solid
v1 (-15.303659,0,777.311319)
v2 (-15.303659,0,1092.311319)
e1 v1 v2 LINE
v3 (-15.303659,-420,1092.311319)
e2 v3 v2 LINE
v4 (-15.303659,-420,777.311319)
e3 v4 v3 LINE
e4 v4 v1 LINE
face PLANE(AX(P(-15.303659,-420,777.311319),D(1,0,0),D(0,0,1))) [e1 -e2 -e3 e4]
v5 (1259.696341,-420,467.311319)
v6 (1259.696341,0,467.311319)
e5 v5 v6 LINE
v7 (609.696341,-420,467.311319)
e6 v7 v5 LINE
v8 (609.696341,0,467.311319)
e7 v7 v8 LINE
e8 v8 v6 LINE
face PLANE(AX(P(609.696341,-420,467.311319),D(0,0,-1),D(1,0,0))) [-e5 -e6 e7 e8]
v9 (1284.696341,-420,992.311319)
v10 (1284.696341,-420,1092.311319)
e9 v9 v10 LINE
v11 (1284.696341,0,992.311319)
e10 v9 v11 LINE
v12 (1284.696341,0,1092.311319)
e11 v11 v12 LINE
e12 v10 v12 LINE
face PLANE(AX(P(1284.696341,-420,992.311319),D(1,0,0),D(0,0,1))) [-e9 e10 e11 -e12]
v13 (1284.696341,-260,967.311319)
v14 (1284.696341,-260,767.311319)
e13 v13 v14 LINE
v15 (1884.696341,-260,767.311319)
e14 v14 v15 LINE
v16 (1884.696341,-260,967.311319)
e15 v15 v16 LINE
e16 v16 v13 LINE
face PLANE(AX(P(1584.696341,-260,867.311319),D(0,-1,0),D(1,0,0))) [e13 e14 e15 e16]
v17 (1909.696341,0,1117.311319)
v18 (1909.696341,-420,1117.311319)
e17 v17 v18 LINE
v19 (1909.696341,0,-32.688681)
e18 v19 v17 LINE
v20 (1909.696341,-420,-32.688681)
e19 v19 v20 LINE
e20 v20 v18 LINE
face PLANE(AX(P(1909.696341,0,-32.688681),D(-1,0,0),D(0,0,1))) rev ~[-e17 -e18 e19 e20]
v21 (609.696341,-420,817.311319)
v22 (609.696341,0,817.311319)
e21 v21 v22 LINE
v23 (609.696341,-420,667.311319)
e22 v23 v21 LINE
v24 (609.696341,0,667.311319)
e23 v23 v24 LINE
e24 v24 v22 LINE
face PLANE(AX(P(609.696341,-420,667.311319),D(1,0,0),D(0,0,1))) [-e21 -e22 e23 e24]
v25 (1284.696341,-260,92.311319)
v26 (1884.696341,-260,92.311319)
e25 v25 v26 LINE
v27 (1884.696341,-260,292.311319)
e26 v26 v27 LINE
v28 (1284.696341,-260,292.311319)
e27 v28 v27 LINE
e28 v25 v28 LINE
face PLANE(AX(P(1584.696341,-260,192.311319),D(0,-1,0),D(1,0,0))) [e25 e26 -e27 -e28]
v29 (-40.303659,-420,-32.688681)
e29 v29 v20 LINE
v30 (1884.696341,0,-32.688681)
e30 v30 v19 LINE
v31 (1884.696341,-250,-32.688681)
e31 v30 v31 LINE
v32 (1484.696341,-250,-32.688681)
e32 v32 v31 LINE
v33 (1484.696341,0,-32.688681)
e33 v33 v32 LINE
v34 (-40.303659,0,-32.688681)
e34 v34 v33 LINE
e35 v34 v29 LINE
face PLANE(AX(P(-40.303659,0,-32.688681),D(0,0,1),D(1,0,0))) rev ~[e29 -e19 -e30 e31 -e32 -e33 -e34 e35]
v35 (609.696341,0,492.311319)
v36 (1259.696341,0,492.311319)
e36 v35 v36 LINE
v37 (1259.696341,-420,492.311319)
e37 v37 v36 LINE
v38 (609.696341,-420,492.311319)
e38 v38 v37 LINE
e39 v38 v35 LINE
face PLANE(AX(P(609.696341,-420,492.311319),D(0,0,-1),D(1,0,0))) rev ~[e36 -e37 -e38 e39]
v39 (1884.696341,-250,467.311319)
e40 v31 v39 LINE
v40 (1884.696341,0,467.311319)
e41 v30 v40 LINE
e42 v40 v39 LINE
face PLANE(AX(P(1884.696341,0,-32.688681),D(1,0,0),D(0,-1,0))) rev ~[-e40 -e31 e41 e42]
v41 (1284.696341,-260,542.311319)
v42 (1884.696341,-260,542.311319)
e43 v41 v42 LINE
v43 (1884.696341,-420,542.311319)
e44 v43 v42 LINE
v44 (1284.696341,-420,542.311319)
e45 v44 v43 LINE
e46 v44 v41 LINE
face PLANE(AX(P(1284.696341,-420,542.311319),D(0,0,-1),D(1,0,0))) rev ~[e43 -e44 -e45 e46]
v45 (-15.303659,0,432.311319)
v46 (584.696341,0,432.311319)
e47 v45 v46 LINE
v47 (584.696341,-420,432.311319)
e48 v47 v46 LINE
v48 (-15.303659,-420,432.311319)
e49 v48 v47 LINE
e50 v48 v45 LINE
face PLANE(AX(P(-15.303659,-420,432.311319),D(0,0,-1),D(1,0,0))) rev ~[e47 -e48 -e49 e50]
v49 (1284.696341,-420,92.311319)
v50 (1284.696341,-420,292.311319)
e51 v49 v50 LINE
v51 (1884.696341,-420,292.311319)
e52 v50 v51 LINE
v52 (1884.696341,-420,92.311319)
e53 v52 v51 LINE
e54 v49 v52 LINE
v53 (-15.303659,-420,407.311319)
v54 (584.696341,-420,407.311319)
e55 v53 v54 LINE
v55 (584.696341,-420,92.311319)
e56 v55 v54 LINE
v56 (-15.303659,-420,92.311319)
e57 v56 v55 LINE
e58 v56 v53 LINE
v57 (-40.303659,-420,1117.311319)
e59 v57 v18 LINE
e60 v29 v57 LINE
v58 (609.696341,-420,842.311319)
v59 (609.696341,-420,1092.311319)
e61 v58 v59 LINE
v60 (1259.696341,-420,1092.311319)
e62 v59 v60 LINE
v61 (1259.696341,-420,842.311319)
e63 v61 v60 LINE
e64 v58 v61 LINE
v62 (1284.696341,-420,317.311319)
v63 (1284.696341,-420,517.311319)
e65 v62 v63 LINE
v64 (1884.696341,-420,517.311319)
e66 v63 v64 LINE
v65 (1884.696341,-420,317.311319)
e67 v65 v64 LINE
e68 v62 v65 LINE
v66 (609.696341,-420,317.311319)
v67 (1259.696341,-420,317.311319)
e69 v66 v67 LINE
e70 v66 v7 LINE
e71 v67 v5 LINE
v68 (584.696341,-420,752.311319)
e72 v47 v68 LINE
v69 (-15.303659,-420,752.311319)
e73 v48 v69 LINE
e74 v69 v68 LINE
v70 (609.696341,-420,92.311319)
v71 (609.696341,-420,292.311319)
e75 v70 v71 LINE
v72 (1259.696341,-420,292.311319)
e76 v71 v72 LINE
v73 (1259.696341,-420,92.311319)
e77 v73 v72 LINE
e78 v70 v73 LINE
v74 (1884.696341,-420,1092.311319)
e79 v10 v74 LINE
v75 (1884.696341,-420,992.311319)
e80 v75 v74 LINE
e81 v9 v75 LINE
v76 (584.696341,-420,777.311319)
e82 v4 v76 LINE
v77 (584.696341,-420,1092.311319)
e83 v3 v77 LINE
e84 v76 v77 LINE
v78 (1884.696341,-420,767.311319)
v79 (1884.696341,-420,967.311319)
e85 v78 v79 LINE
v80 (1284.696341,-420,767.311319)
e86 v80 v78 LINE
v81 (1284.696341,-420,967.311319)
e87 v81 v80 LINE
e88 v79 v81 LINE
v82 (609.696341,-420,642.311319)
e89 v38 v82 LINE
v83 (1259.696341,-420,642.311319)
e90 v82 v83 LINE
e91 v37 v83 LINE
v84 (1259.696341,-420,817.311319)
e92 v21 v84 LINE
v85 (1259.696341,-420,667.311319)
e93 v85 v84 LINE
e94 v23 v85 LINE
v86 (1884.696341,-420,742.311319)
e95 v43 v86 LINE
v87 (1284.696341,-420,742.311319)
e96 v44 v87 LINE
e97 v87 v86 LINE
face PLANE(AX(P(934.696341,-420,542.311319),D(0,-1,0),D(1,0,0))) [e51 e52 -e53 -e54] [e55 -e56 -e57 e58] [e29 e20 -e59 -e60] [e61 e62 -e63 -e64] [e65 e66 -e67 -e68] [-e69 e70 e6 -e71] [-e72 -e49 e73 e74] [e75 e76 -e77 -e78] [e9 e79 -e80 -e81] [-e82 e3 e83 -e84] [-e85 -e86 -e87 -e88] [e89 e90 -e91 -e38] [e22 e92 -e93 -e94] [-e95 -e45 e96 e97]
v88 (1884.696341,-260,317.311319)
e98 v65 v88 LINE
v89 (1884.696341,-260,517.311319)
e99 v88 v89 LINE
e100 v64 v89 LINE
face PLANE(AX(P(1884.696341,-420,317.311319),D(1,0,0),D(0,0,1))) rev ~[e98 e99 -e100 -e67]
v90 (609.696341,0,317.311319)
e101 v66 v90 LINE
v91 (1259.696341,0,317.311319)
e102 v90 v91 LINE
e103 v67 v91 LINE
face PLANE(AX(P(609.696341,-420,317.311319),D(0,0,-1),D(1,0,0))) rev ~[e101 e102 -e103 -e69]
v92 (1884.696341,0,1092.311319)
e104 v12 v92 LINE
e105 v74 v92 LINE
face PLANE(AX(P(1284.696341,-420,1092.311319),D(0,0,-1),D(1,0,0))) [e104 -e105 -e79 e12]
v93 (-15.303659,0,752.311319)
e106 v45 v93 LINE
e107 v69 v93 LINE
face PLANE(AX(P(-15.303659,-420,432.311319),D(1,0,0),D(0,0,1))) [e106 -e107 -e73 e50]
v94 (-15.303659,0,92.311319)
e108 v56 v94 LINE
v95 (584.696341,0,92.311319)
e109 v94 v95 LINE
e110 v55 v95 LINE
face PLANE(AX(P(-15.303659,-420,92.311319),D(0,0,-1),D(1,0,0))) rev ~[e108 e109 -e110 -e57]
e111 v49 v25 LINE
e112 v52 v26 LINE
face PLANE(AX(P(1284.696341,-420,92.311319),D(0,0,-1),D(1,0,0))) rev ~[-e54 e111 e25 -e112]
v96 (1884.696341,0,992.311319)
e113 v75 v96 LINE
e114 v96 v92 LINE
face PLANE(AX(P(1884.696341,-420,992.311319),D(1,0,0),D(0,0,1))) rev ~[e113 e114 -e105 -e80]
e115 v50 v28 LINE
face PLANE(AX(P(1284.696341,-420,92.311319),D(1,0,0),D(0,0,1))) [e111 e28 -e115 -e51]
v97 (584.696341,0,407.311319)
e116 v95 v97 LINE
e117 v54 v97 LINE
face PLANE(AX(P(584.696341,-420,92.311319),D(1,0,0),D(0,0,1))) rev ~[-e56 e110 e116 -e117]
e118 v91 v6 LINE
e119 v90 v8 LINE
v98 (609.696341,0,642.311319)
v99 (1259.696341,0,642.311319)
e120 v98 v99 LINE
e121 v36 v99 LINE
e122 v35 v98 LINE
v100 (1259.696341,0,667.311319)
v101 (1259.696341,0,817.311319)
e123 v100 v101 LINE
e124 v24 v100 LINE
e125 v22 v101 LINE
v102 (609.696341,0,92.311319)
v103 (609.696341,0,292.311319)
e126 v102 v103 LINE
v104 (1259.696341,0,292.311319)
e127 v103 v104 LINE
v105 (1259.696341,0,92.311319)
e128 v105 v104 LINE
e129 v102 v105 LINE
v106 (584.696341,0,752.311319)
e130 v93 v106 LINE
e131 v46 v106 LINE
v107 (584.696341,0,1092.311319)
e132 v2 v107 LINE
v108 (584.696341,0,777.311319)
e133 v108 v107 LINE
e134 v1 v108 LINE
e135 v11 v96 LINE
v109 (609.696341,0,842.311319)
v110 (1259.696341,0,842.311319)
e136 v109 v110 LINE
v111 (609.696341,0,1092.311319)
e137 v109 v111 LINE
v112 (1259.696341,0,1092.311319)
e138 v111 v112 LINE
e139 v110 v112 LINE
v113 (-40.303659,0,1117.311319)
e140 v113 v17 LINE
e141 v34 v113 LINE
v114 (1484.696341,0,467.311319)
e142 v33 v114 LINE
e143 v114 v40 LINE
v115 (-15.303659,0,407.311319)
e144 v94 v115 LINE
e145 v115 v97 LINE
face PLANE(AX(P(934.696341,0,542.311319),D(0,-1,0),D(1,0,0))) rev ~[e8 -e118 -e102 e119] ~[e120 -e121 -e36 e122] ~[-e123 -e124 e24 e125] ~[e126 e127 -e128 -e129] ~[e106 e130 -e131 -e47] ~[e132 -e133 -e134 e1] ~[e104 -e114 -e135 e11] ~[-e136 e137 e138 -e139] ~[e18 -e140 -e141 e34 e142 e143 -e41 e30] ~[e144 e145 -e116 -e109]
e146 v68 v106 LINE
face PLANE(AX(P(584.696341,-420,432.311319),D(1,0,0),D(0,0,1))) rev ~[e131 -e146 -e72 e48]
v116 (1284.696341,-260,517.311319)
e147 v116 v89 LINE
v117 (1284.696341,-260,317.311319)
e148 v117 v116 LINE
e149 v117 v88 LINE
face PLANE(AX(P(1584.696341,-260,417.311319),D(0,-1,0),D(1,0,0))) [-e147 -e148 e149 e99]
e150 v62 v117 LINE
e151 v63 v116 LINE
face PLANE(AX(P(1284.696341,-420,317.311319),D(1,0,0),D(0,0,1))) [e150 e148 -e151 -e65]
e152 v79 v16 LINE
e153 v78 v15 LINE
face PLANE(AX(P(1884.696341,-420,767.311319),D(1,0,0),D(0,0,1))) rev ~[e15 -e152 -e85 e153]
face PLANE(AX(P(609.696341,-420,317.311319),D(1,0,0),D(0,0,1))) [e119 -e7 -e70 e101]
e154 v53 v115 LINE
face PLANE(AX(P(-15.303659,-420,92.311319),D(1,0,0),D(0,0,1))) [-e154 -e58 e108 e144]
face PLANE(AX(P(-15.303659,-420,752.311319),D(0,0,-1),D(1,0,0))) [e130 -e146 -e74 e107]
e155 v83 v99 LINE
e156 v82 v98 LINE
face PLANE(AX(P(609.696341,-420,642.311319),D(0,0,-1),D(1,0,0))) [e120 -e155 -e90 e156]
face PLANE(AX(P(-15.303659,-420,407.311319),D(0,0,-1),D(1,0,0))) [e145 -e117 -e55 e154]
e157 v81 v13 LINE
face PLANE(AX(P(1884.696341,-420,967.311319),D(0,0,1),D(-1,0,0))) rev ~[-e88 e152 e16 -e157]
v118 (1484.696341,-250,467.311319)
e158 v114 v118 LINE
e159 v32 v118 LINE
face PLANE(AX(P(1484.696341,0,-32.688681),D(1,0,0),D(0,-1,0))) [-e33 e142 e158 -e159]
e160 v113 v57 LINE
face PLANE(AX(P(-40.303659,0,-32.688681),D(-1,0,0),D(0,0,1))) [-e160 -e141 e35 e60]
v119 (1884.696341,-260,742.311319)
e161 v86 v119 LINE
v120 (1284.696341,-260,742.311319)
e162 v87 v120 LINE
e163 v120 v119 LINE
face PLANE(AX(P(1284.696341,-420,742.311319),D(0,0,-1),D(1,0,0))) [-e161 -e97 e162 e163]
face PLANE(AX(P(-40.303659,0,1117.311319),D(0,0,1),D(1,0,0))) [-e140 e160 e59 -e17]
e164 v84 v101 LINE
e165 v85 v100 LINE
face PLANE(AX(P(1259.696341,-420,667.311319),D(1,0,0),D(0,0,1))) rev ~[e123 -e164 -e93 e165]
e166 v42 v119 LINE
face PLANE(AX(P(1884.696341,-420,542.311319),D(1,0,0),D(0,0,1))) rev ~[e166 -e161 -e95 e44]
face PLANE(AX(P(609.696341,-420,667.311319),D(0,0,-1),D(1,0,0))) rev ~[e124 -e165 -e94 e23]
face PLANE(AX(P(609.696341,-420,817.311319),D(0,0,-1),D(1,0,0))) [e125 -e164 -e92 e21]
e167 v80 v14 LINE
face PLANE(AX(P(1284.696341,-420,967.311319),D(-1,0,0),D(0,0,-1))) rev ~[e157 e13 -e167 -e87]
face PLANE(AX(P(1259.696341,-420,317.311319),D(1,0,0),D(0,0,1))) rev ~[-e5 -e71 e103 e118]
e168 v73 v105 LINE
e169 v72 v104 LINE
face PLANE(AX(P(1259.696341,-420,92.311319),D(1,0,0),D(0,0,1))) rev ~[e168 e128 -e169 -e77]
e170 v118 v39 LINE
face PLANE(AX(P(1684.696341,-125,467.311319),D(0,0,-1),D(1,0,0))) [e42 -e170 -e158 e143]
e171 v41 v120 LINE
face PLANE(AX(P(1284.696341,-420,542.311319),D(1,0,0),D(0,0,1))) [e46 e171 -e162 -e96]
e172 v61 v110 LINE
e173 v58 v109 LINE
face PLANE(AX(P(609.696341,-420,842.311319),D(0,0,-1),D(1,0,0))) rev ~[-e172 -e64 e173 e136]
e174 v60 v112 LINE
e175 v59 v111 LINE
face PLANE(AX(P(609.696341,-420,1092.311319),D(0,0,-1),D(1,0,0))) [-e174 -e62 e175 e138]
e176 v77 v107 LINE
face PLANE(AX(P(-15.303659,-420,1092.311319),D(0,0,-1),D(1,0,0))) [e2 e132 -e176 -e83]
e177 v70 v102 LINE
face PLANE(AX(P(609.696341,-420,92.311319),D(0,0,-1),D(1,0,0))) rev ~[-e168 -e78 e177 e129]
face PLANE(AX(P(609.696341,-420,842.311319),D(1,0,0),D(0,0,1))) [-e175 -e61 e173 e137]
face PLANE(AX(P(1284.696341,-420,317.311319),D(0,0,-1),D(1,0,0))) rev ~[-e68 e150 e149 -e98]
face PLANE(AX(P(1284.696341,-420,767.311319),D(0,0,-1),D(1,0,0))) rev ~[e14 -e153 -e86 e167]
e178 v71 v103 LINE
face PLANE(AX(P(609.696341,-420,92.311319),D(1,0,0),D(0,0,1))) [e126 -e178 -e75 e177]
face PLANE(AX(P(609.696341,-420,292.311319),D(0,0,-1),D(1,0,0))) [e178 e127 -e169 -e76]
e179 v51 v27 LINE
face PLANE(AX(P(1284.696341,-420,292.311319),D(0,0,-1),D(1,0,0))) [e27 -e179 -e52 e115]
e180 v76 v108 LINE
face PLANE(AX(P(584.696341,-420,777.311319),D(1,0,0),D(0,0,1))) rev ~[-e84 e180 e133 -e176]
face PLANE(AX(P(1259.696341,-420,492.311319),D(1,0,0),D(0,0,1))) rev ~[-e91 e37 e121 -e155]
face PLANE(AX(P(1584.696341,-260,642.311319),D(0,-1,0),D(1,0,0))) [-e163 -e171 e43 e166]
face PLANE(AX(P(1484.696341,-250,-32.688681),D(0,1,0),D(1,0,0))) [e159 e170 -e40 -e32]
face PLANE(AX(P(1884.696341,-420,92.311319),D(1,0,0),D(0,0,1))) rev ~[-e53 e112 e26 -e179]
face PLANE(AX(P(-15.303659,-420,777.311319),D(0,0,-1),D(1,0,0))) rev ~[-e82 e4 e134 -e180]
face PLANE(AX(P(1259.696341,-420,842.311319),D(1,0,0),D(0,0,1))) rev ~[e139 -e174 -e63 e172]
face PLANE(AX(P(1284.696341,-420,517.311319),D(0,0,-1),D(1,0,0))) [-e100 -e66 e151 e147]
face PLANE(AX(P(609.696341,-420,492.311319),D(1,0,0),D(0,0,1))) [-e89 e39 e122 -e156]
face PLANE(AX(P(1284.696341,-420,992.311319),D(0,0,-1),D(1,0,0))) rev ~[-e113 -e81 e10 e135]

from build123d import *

# Parameters (mm, degrees)
F0_W     = 1950
F0_H     = 1150
F1_DEPTH = 420
F2_W     = 650
F2_H     = 200
F2_H_2   = 150
F2_H_3   = 250
F2_W_2   = 600
F2_H_4   = 315
F2_H_5   = 320
F3_DEPTH = 450
F4_W     = 600
F4_H     = 200
F5_DEPTH = 160
F6_W     = 600
F6_H     = 100
F7_DEPTH = 450
F8_W     = 400
F8_H     = 250
F9_DEPTH = 500


with BuildPart() as f1:
    # F0 (on Front) → F1 (new body)
    with BuildSketch(Plane.XZ):
        with Locations((934.696341, 542.311319)):
            Rectangle(F0_W, F0_H)
    extrude(amount=F1_DEPTH)

    # F2 (on face) → F3 (cut)
    with BuildSketch(Plane.XZ.offset(420)):
        with Locations((934.696341, 192.311319)):
            Rectangle(F2_W, F2_H)
        with Locations((934.696341, 392.311319)):
            Rectangle(F2_W, F2_H_2)
        with Locations((934.696341, 567.311319)):
            Rectangle(F2_W, F2_H_2)
        with Locations((934.696341, 742.311319)):
            Rectangle(F2_W, F2_H_2)
        with Locations((934.696341, 967.311319)):
            Rectangle(F2_W, F2_H_3)
        with Locations((284.696341, 934.811319)):
            Rectangle(F2_W_2, F2_H_4)
        with Locations((284.696341, 592.311319)):
            Rectangle(F2_W_2, F2_H_5)
        with Locations((284.696341, 249.811319)):
            Rectangle(F2_W_2, F2_H_4)
    extrude(amount=-F3_DEPTH, mode=Mode.SUBTRACT)

    # F4 (on face) → F5 (cut)
    with BuildSketch(Plane.XZ.offset(420)):
        Polygon((1884.696341, 967.311319), (1284.696341, 967.311319), (1284.696341, 842.311319), (1284.696341, 817.311319), (1284.696341, 767.311319), (1884.696341, 767.311319), (1884.696341, 817.311319), (1884.696341, 842.311319), align=None)
        with Locations((1584.696341, 642.311319)):
            Rectangle(F4_W, F4_H)
        with Locations((1584.696341, 417.311319)):
            Rectangle(F4_W, F4_H)
        with Locations((1584.696341, 192.311319)):
            Rectangle(F4_W, F4_H)
    extrude(amount=-F5_DEPTH, mode=Mode.SUBTRACT)

    # F6 (on face) → F7 (cut)
    with BuildSketch(Plane.XZ.offset(420)):
        with Locations((1584.696341, 1042.311319)):
            Rectangle(F6_W, F6_H)
    extrude(amount=-F7_DEPTH, mode=Mode.SUBTRACT)

    # F8 (on face) → F9 (cut)
    with BuildSketch(Plane(origin=(0, 0, -32.688681), x_dir=(1, 0, 0), z_dir=(0, 0, -1))):
        with Locations((1684.696341, 125)):
            Rectangle(F8_W, F8_H)
    extrude(amount=-F9_DEPTH, mode=Mode.SUBTRACT)


solid = f1.part
